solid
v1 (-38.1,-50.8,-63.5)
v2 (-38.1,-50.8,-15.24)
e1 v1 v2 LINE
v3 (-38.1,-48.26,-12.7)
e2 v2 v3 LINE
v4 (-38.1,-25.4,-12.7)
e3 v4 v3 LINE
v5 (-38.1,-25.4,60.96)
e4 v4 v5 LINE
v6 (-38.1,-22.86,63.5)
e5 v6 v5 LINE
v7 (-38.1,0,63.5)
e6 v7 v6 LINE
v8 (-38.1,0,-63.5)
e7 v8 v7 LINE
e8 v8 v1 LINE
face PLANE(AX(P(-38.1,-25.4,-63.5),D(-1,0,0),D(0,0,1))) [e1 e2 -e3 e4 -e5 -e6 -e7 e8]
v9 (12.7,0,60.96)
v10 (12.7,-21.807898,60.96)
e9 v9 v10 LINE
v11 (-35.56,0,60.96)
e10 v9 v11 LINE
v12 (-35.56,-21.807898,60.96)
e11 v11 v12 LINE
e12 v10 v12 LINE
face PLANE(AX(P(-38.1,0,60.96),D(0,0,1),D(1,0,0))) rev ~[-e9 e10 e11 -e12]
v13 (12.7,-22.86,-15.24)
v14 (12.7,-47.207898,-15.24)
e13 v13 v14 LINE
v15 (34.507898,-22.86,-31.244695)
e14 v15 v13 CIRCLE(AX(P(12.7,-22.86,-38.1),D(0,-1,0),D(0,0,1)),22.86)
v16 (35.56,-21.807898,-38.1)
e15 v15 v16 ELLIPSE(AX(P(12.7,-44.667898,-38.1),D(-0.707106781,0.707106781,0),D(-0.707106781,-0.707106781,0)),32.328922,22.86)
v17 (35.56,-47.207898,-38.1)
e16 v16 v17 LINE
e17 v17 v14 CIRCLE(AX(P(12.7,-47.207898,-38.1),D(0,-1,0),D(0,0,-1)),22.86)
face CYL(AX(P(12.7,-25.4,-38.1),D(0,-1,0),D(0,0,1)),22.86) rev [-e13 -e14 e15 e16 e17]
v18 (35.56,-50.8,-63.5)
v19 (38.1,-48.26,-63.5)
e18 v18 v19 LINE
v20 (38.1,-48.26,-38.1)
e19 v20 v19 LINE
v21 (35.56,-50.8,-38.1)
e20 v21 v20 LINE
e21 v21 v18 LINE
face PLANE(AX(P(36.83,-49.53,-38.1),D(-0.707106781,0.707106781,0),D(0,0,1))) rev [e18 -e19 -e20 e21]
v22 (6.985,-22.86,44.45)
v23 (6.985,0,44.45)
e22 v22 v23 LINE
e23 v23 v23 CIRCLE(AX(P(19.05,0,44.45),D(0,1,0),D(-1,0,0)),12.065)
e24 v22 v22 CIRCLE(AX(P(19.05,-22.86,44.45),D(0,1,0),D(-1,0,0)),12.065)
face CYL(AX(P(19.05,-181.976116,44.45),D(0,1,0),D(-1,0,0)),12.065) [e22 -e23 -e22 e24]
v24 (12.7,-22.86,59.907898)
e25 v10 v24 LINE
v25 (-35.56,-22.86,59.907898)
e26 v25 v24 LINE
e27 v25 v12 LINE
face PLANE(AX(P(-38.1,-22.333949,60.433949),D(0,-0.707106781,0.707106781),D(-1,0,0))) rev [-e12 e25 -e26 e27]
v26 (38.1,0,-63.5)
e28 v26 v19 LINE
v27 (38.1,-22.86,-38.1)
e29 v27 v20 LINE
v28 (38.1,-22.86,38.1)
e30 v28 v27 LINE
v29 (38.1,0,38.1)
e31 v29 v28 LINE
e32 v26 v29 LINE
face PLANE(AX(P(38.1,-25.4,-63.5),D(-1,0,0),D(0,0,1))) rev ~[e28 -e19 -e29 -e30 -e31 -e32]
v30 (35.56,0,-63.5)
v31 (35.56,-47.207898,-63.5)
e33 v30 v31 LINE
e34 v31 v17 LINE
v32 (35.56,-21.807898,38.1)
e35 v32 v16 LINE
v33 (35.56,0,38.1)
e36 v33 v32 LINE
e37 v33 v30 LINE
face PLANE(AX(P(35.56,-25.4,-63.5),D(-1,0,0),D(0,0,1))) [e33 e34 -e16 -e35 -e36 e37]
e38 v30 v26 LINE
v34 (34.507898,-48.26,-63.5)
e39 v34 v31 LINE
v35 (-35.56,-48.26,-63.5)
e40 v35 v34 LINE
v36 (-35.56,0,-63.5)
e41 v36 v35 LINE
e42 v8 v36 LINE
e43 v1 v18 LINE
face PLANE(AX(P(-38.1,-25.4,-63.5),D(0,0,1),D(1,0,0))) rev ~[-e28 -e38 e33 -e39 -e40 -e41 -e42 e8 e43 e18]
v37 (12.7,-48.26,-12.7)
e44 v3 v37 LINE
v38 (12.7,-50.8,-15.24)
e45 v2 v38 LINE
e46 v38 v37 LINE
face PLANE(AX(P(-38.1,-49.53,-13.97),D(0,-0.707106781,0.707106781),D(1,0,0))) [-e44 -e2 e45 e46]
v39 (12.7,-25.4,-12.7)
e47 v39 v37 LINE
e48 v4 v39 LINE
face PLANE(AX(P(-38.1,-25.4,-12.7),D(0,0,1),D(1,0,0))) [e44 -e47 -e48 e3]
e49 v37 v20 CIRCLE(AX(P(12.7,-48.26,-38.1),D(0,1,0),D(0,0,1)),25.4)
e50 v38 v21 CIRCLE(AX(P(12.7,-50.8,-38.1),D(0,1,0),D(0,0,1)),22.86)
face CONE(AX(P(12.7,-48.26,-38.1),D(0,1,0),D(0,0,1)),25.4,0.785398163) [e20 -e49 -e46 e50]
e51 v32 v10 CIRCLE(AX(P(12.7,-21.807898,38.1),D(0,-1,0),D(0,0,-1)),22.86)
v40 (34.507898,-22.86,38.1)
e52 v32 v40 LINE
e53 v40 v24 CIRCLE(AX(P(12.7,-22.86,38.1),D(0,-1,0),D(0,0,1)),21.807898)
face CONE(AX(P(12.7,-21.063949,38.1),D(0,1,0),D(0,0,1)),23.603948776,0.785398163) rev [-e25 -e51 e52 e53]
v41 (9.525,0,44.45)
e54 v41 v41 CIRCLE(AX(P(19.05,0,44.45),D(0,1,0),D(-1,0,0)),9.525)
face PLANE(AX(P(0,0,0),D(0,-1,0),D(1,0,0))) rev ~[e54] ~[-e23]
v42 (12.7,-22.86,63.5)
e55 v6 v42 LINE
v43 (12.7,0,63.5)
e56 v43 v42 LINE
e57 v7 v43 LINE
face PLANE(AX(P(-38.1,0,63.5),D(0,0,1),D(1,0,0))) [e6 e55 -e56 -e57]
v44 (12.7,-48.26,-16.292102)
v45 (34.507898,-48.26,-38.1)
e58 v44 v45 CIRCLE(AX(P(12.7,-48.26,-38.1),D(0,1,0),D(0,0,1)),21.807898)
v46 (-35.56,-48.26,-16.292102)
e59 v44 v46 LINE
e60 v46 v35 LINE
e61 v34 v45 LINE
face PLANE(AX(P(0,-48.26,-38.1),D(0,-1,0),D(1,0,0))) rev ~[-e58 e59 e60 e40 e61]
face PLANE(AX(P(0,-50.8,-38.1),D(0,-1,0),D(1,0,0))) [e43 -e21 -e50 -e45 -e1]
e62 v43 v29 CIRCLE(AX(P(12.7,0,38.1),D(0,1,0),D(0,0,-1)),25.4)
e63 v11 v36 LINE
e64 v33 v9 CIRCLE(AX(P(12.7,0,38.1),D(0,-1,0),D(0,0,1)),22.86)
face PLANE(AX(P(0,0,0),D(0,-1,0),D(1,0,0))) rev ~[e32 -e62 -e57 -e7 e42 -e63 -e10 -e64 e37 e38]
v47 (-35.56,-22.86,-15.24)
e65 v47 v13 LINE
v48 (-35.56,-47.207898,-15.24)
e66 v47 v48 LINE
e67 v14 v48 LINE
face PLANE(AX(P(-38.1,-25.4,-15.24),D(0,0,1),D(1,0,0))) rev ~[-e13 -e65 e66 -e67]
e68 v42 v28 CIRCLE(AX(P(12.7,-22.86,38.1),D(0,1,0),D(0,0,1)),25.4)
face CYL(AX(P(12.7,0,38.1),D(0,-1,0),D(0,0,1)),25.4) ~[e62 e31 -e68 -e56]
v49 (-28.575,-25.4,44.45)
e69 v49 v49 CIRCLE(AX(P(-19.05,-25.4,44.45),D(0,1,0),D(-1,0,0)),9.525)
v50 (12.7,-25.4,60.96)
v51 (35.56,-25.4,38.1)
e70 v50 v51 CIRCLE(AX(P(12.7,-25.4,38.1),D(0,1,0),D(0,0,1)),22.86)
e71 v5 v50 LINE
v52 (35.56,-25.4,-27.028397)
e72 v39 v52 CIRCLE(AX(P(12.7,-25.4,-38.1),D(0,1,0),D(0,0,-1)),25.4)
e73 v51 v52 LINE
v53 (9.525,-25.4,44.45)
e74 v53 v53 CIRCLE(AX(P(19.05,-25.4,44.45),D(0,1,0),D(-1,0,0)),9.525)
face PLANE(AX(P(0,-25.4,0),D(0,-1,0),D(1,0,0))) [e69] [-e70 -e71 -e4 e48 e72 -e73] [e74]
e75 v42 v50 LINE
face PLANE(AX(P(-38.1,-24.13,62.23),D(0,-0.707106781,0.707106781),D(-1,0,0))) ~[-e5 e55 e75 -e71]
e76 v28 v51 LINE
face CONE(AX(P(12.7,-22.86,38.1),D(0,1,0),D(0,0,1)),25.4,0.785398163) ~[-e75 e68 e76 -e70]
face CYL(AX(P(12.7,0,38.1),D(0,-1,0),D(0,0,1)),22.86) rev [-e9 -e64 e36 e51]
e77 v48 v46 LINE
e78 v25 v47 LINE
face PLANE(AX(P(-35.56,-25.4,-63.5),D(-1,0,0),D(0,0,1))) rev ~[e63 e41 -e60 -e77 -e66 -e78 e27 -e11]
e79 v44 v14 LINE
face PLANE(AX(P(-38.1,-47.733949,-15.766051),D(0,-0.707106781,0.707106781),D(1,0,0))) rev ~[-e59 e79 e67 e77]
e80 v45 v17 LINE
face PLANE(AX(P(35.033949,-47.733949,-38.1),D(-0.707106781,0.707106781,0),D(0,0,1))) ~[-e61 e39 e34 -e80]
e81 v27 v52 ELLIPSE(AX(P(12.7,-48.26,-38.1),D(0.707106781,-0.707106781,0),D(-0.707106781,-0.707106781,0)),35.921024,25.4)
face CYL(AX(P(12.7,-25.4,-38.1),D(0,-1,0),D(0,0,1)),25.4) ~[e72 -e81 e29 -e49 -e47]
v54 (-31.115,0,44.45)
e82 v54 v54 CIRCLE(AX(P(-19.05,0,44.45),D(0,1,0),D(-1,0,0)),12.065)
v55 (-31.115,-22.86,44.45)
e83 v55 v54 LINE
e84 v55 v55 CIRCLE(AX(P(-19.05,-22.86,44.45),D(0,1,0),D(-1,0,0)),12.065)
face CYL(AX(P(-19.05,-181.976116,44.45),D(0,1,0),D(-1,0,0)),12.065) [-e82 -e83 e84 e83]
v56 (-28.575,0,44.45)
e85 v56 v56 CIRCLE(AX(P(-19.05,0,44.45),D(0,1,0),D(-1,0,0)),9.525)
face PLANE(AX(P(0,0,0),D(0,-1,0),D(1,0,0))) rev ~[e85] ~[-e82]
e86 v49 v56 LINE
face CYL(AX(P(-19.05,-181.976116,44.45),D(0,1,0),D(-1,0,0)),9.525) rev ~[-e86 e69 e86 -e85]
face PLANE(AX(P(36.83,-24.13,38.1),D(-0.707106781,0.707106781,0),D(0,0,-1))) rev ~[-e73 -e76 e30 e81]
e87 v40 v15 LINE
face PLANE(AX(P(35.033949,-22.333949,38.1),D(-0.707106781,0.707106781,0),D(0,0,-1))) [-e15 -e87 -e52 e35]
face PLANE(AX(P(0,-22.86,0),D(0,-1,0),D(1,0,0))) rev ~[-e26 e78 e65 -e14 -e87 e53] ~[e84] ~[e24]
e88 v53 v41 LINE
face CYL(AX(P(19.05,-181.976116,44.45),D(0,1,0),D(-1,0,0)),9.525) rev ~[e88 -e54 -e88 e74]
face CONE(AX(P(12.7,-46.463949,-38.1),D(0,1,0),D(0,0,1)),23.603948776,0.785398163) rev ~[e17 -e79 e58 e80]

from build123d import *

# Parameters (mm, degrees)
F0_W     = 76.2
F0_H     = 127
F1_DEPTH = 25.4
F2_W     = 76.2
F2_H     = 50.8
F3_DEPTH = 25.4
F5_D     = 19.05
F6_R     = 25.4
F7_SIZE  = 2.54
F8_T     = -2.54


with BuildPart() as f1:
    # F0 (on Front) → F1 (new body)
    with BuildSketch(Plane.XZ):
        Rectangle(F0_W, F0_H)
    extrude(amount=F1_DEPTH)

    # F2 (on face) → F3 (join)
    with BuildSketch(Plane.XZ.offset(25.4)):
        with Locations((0, -38.1)):
            Rectangle(F2_W, F2_H)
    extrude(amount=F3_DEPTH)

    # F5 (through all)
    with Locations(Plane.XZ.offset(25.4)):
        with Locations((-19.05, 44.45), (19.05, 44.45)):
            Hole(F5_D / 2)

    # F6
    f6_edges = [f1.edges().sort_by_distance(p)[0] for p in [
        (38.1, -12.7, 63.5),
        (38.1, -38.1, -12.7),
    ]]
    fillet(f6_edges, radius=F6_R)

    # F7
    f7_edges = [f1.edges().sort_by_distance(p)[0] for p in [
        (-12.7, -25.4, 63.5),
        (-12.7, -50.8, -12.7),
    ]]
    chamfer(f7_edges, length=F7_SIZE)

    # F8
    f8_openings = [f1.faces().sort_by_distance(p)[0] for p in [
        (-0.03107, -25.379522, -63.5),
        (-0.500566, 0, -3.71782),
    ]]
    offset(amount=F8_T, openings=f8_openings, kind=Kind.INTERSECTION)


solid = f1.part
